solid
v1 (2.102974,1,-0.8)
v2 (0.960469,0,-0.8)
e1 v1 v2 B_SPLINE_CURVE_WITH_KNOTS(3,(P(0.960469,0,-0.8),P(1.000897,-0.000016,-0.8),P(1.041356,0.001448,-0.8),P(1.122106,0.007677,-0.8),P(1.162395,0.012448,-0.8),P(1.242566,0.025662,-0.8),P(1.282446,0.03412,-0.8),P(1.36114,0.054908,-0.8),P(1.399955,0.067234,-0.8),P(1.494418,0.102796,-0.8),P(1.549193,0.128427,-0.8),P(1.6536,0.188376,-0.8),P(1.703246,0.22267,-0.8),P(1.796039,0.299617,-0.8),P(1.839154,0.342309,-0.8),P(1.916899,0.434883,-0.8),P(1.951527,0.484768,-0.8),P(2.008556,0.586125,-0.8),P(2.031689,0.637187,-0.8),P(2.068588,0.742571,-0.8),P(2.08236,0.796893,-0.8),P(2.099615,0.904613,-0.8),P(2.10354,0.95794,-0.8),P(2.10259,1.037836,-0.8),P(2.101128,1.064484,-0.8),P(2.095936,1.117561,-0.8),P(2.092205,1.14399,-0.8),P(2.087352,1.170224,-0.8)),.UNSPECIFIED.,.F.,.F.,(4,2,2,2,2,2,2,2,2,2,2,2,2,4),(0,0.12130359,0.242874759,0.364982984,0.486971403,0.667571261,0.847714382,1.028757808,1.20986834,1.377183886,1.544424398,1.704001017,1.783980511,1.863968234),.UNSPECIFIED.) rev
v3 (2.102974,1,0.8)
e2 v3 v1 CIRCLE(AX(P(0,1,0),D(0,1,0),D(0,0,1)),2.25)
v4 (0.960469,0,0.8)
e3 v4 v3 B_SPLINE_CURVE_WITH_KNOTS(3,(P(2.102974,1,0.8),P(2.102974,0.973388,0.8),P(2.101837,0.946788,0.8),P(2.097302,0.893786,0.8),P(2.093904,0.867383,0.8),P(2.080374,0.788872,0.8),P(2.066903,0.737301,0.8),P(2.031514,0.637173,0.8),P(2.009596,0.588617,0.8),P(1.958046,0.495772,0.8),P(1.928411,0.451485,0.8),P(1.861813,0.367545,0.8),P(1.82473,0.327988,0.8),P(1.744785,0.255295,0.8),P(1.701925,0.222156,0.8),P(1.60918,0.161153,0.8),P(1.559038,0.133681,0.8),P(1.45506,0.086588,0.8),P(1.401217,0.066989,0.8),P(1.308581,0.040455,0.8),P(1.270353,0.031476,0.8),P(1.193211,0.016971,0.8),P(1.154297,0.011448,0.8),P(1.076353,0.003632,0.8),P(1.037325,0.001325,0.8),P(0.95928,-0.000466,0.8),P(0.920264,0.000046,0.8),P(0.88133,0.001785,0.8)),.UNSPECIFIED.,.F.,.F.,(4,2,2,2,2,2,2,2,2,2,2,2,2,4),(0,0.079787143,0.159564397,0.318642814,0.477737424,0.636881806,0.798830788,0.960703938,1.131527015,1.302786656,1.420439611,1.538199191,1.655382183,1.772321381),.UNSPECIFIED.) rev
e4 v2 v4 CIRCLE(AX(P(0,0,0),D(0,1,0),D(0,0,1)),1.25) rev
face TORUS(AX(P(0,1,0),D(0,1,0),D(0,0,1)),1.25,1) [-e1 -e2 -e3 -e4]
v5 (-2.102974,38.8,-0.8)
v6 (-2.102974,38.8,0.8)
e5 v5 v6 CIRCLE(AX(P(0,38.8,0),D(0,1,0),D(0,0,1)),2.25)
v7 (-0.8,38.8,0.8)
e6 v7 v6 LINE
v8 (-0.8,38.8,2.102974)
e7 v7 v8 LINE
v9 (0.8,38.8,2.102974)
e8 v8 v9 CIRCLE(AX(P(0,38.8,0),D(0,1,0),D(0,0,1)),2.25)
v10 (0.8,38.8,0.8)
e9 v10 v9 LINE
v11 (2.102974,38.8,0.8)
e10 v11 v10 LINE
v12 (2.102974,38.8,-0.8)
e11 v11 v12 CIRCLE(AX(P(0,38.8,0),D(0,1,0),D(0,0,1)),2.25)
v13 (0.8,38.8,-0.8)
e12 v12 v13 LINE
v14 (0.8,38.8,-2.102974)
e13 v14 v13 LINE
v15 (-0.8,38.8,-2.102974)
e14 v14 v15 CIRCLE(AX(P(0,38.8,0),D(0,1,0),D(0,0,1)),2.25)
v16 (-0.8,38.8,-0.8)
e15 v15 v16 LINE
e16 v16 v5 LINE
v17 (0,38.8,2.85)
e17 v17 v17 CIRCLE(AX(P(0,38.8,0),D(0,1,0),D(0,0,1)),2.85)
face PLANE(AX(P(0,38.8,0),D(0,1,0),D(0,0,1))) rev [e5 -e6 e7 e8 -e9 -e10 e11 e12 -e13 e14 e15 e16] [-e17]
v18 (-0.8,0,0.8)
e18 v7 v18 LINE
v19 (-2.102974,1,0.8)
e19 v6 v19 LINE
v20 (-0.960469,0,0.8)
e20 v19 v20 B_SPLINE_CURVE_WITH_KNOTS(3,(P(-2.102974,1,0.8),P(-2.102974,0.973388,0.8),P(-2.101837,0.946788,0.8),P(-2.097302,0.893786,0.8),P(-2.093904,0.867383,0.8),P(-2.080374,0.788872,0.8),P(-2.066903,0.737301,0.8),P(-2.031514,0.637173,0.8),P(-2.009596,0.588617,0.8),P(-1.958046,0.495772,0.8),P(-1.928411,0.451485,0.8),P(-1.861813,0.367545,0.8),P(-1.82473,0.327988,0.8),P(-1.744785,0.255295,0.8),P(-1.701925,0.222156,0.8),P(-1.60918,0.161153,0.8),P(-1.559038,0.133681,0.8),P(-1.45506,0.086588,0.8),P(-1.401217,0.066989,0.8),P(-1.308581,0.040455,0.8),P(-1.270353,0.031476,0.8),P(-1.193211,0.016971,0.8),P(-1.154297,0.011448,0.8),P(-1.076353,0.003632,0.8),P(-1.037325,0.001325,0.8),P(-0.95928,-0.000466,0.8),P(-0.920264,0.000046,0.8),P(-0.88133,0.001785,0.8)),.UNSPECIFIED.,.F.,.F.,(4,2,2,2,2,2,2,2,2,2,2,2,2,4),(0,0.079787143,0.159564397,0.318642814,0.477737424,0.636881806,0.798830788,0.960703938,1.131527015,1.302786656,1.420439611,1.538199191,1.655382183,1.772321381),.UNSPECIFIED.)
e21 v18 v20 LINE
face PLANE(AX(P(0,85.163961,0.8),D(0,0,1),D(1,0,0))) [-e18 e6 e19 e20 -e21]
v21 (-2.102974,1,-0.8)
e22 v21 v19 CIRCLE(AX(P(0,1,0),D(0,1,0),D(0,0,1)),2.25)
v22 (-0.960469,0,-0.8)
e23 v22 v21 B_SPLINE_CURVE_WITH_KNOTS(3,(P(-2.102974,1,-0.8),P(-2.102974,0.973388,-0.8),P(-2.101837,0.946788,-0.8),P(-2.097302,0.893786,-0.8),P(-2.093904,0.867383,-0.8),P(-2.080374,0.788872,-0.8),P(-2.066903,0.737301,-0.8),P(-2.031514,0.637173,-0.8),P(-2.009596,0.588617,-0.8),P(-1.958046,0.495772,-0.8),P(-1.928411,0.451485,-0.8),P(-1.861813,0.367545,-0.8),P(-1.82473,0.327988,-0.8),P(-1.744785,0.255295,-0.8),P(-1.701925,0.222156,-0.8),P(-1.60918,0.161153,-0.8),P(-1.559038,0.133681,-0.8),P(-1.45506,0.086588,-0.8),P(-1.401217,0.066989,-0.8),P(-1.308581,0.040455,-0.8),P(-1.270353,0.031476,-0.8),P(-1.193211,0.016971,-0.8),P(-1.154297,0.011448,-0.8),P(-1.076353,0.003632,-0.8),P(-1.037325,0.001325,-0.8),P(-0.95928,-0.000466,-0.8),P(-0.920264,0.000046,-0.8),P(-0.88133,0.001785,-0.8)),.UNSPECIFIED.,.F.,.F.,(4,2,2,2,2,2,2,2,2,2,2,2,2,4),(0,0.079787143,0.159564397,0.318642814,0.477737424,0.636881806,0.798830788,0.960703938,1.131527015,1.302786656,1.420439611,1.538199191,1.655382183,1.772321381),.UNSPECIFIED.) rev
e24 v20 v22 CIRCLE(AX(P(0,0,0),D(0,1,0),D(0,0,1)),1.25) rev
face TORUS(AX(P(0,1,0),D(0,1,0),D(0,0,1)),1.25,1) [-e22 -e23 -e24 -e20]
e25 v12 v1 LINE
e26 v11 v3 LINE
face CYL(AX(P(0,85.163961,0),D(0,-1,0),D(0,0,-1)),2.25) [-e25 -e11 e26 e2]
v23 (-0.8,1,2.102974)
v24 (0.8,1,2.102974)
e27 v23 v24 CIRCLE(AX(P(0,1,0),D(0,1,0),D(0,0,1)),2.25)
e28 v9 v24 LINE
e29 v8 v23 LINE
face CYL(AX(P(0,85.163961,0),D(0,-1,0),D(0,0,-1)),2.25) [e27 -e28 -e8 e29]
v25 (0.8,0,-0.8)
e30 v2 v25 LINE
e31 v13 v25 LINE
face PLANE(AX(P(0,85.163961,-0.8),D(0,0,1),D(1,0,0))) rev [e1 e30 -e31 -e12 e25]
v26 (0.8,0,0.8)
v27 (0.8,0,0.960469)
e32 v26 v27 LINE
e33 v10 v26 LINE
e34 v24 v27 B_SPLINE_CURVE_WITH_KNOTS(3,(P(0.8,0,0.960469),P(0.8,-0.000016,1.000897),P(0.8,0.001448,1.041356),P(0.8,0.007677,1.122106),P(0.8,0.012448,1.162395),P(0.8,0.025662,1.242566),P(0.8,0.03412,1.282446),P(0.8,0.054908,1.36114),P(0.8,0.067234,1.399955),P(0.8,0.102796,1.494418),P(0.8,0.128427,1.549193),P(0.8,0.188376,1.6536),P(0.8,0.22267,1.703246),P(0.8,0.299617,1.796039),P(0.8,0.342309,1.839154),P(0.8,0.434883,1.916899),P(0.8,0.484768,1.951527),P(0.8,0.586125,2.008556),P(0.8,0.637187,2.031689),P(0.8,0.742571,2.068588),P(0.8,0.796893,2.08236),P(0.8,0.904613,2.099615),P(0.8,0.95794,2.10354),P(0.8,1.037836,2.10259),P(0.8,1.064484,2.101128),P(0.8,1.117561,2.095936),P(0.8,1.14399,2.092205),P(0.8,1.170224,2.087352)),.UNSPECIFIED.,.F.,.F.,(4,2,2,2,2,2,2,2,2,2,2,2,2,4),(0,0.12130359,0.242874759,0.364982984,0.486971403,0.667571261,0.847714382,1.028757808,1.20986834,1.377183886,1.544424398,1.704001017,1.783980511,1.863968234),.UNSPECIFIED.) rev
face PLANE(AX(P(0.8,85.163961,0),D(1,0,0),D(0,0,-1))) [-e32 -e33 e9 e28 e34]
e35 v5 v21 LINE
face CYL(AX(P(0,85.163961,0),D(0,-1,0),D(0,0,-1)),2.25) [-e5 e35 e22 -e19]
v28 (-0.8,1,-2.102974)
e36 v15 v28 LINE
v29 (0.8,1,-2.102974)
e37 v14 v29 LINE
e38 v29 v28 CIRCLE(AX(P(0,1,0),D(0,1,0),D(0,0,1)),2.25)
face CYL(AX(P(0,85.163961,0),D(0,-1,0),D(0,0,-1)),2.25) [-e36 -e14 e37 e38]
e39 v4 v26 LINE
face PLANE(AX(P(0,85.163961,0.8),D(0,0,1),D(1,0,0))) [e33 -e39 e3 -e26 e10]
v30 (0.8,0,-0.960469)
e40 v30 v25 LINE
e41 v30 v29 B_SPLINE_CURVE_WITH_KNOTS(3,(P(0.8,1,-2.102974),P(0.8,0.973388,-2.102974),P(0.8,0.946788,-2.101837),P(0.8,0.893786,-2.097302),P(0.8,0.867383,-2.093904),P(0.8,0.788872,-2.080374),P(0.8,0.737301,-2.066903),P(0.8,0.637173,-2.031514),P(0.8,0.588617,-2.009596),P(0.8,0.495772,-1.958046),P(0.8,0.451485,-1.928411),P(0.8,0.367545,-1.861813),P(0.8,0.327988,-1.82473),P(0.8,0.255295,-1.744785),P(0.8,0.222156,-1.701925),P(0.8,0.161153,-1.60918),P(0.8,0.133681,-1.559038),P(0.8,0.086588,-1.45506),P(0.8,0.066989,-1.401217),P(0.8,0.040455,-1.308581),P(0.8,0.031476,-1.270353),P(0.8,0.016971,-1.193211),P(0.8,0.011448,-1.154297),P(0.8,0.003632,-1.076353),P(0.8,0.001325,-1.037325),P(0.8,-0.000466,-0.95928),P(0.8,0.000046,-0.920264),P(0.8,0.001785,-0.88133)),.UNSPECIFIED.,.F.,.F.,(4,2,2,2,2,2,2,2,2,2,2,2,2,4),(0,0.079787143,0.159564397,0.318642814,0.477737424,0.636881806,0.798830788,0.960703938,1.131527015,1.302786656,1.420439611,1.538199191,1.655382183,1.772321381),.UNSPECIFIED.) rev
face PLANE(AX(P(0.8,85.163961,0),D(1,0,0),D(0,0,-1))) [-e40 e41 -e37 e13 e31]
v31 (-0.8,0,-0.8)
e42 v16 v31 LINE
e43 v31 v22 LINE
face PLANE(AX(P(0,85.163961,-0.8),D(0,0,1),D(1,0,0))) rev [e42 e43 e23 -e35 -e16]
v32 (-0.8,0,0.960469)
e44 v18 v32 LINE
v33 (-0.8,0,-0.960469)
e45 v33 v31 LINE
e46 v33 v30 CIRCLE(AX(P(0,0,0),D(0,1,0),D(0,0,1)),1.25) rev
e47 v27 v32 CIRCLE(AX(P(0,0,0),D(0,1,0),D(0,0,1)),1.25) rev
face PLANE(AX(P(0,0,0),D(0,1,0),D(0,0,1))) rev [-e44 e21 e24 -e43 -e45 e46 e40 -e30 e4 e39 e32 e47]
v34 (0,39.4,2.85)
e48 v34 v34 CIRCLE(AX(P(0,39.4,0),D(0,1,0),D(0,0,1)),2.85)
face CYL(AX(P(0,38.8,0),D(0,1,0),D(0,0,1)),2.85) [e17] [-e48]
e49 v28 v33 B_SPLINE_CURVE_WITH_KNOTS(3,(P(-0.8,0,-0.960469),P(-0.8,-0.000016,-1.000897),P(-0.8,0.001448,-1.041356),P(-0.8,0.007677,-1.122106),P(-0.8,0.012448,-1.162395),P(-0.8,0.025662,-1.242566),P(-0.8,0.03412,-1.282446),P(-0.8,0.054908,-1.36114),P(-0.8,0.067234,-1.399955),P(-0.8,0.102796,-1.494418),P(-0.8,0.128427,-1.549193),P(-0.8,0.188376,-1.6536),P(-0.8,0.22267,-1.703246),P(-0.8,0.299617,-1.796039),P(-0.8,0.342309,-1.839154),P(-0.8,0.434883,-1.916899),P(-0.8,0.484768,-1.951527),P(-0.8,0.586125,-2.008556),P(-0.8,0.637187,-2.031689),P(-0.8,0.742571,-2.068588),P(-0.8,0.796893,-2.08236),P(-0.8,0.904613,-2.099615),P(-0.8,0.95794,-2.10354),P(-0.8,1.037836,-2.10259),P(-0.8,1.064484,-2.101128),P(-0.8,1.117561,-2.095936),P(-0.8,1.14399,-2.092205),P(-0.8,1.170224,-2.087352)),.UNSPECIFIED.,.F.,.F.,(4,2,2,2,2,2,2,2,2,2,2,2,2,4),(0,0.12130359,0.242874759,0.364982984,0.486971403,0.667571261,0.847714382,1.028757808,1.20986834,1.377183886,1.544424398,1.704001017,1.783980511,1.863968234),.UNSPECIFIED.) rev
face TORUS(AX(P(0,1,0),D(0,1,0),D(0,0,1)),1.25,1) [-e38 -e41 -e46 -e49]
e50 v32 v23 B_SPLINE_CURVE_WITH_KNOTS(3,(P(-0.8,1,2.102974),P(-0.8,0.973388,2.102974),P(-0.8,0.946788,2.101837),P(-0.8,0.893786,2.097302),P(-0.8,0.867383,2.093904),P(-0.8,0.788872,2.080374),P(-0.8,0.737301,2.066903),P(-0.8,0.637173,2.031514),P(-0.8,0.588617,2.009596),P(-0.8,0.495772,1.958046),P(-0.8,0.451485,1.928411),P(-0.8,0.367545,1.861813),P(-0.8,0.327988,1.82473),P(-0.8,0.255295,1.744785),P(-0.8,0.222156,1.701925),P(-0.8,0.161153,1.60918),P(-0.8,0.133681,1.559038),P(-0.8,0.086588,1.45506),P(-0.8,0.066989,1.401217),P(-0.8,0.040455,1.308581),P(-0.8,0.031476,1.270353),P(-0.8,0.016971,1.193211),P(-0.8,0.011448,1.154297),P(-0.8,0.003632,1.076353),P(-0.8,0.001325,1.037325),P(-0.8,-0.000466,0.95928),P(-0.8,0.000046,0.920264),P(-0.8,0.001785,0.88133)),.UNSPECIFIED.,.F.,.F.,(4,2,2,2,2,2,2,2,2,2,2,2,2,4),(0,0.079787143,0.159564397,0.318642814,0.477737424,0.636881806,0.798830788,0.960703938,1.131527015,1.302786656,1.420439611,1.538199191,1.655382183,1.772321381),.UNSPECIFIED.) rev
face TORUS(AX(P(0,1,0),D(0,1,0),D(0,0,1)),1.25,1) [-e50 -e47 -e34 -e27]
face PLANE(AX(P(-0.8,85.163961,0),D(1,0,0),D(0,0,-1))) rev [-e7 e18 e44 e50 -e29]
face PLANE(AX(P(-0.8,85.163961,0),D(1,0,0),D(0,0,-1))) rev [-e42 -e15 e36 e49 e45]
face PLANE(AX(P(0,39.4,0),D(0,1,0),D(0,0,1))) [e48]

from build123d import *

# Parameters (mm, degrees)
BOSS_EXTRUDE1_DEPTH = 39.4
FILLET1_R           = 1
FILLET2_R           = 1
FILLET3_R           = 1
FILLET4_R           = 1
SKETCH3_R           = 2.85
BOSS_EXTRUDE2_DEPTH = 0.6


with BuildPart() as part:
    # Sketch1 → Boss-Extrude1 (new body)
    with BuildSketch(Plane(origin=(0, 0, 0), x_dir=(1, 0, 0), z_dir=(0, 1, 0))):
        with BuildLine():
            Line((-0.8, -0.8), (-0.8, -2.102974084))
            ThreePointArc((-0.8, -2.102974084), (0, -2.25), (0.8, -2.102974084))
            Line((0.8, -2.102974084), (0.8, -0.8))
            Line((0.8, -0.8), (2.102974084, -0.8))
            ThreePointArc((2.102974084, -0.8), (2.25, 0), (2.102974084, 0.8))
            Line((2.102974084, 0.8), (0.8, 0.8))
            Line((0.8, 0.8), (0.8, 2.102974084))
            ThreePointArc((0.8, 2.102974084), (0, 2.25), (-0.8, 2.102974084))
            Line((-0.8, 2.102974084), (-0.8, 0.8))
            Line((-0.8, 0.8), (-2.102974084, 0.8))
            ThreePointArc((-2.102974084, 0.8), (-2.25, 0), (-2.102974084, -0.8))
            Line((-2.102974084, -0.8), (-0.8, -0.8))
        make_face()
    extrude(amount=BOSS_EXTRUDE1_DEPTH)

    # Fillet1
    fillet1_edges = [part.edges().sort_by_distance(p)[0] for p in [
        (-2.25, 0, 0),
    ]]
    fillet(fillet1_edges, radius=FILLET1_R)

    # Fillet2
    fillet2_edges = [part.edges().sort_by_distance(p)[0] for p in [
        (0, 0, 2.25),
    ]]
    fillet(fillet2_edges, radius=FILLET2_R)

    # Fillet3
    fillet3_edges = [part.edges().sort_by_distance(p)[0] for p in [
        (2.25, 0, 0),
    ]]
    fillet(fillet3_edges, radius=FILLET3_R)

    # Fillet4
    fillet4_edges = [part.edges().sort_by_distance(p)[0] for p in [
        (0, 0, -2.25),
    ]]
    fillet(fillet4_edges, radius=FILLET4_R)

    # Sketch3 → Boss-Extrude2 (add)
    with BuildSketch(Plane(origin=(0, 39.4, 0), x_dir=(1, 0, 0), z_dir=(0, 1, 0))):
        with Locations(Location((0, 0, 0), (0, 0, 270))):
            Circle(SKETCH3_R)
    extrude(amount=-BOSS_EXTRUDE2_DEPTH)


solid = part.part
